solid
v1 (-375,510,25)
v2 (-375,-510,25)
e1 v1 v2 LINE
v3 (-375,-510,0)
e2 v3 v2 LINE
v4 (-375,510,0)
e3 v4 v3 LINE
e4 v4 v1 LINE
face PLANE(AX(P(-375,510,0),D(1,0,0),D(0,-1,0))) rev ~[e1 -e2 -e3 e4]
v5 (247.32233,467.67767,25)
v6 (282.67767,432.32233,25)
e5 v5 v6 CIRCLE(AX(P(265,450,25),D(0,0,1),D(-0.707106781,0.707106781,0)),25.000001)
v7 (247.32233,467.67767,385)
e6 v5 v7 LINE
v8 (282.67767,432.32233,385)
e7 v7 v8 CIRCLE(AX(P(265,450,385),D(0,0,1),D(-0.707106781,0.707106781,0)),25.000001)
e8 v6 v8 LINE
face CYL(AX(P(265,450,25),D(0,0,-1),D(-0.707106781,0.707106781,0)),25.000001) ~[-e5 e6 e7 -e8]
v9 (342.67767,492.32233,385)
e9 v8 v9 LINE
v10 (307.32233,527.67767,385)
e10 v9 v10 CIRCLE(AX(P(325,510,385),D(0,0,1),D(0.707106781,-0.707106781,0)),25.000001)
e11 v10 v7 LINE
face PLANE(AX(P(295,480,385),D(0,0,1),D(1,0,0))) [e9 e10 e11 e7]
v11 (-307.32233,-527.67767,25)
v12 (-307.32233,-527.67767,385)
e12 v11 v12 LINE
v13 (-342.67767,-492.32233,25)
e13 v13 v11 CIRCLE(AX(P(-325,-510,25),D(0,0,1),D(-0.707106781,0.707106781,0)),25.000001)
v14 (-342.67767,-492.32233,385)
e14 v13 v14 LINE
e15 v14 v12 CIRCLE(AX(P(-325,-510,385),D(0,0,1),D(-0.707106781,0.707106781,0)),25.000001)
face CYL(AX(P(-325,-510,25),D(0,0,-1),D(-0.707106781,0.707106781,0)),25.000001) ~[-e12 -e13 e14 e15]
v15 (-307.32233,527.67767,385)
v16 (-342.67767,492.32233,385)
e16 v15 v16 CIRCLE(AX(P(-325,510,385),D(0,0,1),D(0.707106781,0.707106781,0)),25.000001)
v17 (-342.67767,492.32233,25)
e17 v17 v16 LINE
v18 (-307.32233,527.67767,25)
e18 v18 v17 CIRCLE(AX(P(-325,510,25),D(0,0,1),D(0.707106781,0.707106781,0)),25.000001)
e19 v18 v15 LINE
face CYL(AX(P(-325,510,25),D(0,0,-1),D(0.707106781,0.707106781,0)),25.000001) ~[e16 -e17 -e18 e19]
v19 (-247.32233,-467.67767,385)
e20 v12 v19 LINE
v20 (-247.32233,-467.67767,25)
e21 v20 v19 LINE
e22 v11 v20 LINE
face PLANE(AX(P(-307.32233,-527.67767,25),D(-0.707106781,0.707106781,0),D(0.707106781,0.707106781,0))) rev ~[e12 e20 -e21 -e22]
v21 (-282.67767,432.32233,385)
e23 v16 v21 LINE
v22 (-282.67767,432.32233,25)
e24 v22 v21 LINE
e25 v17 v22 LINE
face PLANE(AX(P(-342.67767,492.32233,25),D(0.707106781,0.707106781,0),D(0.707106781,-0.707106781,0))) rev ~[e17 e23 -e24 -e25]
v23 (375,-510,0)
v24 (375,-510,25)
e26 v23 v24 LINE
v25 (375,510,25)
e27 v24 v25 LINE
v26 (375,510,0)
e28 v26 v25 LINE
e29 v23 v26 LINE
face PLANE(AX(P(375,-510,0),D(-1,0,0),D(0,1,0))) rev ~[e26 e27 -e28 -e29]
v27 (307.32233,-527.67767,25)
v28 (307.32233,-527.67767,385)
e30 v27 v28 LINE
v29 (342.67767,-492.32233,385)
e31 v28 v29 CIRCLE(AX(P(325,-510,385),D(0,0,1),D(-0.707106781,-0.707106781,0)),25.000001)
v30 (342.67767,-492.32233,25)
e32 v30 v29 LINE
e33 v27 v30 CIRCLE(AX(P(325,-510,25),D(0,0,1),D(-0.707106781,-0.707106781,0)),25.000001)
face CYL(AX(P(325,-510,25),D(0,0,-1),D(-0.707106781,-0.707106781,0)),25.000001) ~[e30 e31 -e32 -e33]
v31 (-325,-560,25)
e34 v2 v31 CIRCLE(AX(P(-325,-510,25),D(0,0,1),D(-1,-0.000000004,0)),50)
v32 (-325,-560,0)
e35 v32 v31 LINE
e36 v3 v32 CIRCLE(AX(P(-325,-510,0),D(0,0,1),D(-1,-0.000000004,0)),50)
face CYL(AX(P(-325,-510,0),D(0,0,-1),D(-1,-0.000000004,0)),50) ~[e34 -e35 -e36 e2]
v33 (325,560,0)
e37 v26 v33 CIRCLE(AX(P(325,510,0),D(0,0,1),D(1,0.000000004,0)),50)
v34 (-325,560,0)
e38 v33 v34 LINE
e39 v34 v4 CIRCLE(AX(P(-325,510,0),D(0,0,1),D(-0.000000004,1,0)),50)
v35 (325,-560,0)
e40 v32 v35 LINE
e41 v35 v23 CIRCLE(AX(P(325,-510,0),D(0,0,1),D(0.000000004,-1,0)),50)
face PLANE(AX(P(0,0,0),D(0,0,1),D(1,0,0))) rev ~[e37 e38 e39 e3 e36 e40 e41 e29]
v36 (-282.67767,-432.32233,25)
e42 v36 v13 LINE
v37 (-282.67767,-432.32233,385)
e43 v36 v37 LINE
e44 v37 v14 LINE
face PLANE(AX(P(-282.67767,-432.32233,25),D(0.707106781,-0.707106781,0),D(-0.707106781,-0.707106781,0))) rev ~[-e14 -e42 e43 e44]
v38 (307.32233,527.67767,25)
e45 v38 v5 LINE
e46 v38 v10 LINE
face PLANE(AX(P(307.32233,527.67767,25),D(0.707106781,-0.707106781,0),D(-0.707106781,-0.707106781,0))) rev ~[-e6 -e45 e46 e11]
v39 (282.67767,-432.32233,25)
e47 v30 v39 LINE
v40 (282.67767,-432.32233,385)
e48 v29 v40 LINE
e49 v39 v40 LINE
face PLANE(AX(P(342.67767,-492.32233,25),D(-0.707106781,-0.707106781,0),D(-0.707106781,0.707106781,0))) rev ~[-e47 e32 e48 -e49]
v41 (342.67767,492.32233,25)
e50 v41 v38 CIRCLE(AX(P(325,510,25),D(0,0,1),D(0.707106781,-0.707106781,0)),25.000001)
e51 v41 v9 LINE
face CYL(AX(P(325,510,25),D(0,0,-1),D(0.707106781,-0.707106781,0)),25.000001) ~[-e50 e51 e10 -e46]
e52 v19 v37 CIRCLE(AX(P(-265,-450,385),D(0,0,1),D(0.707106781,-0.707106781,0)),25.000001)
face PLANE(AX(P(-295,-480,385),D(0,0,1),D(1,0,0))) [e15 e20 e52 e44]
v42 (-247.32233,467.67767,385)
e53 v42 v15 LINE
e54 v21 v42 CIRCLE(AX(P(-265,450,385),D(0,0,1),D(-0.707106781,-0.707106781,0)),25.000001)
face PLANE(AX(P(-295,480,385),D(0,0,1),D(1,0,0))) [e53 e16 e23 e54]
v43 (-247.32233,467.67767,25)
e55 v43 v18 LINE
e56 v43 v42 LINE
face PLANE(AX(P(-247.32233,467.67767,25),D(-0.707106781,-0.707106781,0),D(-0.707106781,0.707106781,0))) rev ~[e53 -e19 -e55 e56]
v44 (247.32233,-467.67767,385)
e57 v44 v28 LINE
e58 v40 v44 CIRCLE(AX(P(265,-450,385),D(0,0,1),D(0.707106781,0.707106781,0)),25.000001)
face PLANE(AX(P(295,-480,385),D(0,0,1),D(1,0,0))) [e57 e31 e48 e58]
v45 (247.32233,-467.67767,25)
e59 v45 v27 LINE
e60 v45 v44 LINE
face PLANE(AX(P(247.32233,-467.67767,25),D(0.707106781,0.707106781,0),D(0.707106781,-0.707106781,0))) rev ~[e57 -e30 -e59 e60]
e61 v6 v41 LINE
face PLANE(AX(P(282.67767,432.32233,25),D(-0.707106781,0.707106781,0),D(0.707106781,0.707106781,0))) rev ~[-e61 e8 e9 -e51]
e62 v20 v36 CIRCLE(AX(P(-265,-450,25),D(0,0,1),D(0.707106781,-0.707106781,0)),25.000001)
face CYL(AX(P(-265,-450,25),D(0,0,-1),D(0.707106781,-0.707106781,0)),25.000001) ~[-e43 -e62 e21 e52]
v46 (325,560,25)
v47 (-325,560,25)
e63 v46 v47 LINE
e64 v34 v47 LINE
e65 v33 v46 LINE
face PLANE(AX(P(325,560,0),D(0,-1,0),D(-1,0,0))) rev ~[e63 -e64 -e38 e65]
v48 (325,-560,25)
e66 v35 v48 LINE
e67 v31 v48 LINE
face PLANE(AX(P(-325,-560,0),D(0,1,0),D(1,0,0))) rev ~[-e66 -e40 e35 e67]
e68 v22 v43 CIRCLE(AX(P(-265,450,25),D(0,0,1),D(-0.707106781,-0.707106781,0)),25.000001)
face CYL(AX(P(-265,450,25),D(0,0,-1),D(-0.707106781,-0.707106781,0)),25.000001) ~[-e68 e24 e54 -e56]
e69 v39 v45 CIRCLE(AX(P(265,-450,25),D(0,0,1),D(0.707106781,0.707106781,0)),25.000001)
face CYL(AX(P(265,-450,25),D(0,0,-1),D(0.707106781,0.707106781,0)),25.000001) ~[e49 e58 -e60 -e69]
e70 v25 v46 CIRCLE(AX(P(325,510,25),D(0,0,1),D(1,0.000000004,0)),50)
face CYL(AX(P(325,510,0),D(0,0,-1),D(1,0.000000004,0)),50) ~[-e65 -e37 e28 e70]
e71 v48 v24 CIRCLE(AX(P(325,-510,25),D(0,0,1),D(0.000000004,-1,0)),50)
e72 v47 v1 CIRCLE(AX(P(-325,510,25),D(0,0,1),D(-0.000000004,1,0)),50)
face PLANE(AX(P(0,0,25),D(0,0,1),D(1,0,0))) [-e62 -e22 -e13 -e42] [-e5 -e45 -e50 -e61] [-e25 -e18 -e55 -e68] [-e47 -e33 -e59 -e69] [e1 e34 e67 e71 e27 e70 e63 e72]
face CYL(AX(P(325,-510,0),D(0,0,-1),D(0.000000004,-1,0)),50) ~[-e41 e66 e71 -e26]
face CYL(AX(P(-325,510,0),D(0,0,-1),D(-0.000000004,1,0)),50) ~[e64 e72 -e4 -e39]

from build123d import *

# Parameters (mm, degrees)
F1_DEPTH = 25
F3_DEPTH = 360


with BuildPart() as f1:
    # F0 (on Top) → F1 (new body)
    with BuildSketch(Plane.XY):
        with BuildLine():
            Line((325, 560), (-325, 560))
            ThreePointArc((-325, 560), (-360.355339, 545.355339), (-375, 510))
            Line((-375, 510), (-375, -510))
            ThreePointArc((-375, -510), (-360.355339, -545.355339), (-325, -560))
            Line((-325, -560), (325, -560))
            ThreePointArc((325, -560), (360.355339, -545.355339), (375, -510))
            Line((375, -510), (375, 510))
            ThreePointArc((375, 510), (360.355339, 545.355339), (325, 560))
        make_face()
    extrude(amount=F1_DEPTH)

    # F2 (on face) → F3 (join)
    with BuildSketch(Plane.XY.offset(25)):
        with BuildLine():
            Line((-282.67767, -432.32233), (-342.67767, -492.32233))
            ThreePointArc((-342.67767, -492.32233), (-342.67767, -527.67767), (-307.32233, -527.67767))
            Line((-307.32233, -527.67767), (-247.32233, -467.67767))
            ThreePointArc((-247.32233, -467.67767), (-247.32233, -432.32233), (-282.67767, -432.32233))
        make_face()
        with BuildLine():
            Line((342.67767, -492.32233), (282.67767, -432.32233))
            ThreePointArc((282.67767, -432.32233), (247.32233, -432.32233), (247.32233, -467.67767))
            Line((247.32233, -467.67767), (307.32233, -527.67767))
            ThreePointArc((307.32233, -527.67767), (342.67767, -527.67767), (342.67767, -492.32233))
        make_face()
        with BuildLine():
            Line((282.67767, 432.32233), (342.67767, 492.32233))
            ThreePointArc((342.67767, 492.32233), (342.67767, 527.67767), (307.32233, 527.67767))
            Line((307.32233, 527.67767), (247.32233, 467.67767))
            ThreePointArc((247.32233, 467.67767), (247.32233, 432.32233), (282.67767, 432.32233))
        make_face()
        with BuildLine():
            ThreePointArc((-282.67767, 432.32233), (-247.32233, 432.32233), (-247.32233, 467.67767))
            Line((-247.32233, 467.67767), (-307.32233, 527.67767))
            ThreePointArc((-307.32233, 527.67767), (-342.67767, 527.67767), (-342.67767, 492.32233))
            Line((-342.67767, 492.32233), (-282.67767, 432.32233))
        make_face()
    extrude(amount=F3_DEPTH)


solid = f1.part
